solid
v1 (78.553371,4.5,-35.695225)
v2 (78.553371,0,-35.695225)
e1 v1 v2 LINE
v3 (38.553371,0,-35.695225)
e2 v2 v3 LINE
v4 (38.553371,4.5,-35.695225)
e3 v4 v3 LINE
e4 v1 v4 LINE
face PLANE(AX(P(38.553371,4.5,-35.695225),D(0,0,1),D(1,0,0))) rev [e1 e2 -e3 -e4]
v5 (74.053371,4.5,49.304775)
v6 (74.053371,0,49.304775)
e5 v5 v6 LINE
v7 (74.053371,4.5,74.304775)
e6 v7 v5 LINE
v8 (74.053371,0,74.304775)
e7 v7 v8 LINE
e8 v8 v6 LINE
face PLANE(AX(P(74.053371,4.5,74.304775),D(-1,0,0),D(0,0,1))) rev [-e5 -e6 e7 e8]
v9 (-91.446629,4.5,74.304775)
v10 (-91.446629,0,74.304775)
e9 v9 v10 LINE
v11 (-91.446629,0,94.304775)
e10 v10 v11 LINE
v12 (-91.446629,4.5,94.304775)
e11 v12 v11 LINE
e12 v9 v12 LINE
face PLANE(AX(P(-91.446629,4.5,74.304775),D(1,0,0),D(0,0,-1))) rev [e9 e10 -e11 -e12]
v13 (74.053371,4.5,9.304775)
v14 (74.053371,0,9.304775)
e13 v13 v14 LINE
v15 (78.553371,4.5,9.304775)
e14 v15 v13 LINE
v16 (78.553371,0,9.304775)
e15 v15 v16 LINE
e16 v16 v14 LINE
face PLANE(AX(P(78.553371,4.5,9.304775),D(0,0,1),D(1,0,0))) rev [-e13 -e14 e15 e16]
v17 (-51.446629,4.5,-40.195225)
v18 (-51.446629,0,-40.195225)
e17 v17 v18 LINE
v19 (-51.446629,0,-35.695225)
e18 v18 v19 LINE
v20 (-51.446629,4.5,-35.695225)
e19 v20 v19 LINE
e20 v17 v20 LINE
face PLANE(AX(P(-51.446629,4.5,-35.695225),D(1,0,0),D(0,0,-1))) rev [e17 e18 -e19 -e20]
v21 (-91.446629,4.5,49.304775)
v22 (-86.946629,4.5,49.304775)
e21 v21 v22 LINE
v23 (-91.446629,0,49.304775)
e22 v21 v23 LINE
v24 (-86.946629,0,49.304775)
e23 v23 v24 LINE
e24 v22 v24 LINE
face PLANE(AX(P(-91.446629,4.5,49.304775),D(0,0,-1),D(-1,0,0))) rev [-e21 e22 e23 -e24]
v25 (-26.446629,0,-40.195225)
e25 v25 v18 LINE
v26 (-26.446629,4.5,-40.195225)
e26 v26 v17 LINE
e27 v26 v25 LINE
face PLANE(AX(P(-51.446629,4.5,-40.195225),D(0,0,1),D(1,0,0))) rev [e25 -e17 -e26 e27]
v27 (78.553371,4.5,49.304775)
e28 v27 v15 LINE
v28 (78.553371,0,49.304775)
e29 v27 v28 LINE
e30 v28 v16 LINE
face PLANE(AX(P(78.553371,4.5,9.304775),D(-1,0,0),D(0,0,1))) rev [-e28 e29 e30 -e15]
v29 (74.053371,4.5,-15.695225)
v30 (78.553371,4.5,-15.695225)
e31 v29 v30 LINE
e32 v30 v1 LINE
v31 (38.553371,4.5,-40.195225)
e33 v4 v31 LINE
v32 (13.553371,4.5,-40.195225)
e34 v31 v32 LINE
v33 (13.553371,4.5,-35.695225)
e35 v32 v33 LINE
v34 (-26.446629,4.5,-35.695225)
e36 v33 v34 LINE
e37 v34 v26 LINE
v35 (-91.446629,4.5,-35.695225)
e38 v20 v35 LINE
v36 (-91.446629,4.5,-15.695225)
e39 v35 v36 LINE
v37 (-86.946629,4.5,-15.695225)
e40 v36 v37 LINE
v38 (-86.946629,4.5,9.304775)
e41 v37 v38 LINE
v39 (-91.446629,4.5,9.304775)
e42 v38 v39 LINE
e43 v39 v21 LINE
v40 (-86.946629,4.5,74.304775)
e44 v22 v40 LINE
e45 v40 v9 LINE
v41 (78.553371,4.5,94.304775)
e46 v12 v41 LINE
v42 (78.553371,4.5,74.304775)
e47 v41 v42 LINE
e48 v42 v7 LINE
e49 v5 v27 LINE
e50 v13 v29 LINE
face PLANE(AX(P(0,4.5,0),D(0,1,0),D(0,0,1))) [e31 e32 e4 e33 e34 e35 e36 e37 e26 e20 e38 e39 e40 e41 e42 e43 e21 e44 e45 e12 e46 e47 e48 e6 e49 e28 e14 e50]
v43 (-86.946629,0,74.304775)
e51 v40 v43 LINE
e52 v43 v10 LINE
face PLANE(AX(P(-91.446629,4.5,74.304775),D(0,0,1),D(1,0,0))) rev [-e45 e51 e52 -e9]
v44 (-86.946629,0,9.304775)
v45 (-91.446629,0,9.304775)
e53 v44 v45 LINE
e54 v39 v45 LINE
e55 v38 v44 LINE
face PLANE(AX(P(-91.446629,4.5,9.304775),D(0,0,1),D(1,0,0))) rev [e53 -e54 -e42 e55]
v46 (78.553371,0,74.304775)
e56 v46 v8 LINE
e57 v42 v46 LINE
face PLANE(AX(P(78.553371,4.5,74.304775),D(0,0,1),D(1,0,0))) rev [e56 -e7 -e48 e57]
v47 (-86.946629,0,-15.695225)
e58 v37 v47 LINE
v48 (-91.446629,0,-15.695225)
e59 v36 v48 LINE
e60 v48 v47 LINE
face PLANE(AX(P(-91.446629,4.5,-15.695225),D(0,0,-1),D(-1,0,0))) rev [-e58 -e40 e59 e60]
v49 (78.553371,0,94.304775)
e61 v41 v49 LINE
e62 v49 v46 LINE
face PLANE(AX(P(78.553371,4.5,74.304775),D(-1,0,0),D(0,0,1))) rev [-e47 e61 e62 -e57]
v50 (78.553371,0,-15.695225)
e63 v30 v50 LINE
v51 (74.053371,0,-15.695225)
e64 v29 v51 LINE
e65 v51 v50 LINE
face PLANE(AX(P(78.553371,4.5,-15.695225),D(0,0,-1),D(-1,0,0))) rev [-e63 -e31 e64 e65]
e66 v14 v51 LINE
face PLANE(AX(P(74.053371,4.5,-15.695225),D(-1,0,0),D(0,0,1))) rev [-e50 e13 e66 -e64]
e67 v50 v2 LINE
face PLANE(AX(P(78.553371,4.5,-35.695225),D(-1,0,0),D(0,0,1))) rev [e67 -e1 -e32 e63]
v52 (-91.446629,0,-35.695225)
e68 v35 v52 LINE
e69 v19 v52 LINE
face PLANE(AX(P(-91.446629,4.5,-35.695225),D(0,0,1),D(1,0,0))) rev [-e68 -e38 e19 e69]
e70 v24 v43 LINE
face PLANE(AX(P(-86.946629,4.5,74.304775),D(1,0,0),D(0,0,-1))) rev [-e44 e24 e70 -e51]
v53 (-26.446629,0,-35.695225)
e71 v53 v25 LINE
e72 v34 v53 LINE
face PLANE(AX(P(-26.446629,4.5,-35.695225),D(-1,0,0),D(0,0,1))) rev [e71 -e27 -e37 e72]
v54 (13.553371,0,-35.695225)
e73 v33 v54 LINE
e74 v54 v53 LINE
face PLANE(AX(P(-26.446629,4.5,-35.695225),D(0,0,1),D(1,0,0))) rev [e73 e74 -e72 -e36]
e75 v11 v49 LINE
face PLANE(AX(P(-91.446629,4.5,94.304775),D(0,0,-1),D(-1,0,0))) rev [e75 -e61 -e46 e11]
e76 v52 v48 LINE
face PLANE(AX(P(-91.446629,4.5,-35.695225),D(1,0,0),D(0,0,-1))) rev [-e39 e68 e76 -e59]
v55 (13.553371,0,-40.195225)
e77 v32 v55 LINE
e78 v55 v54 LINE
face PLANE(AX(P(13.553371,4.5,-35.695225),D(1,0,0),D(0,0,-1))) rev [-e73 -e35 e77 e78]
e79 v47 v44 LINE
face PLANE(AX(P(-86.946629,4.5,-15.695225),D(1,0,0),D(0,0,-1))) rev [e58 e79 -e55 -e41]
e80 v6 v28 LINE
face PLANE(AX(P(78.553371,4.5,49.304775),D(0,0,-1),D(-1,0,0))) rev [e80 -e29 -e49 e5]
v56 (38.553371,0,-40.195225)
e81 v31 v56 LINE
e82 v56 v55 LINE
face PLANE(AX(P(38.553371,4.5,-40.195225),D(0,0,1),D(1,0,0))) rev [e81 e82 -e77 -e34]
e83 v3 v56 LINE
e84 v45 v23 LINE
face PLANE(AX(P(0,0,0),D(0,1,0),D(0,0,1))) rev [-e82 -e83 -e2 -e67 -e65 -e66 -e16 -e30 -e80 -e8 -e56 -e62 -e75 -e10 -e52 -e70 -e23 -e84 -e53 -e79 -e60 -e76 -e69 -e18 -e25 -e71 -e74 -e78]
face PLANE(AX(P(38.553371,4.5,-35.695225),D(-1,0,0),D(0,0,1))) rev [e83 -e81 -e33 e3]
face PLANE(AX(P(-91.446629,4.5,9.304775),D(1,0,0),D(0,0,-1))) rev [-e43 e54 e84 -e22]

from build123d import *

# Parameters (mm, degrees)
BOSS_EXTRUDE1_DEPTH = 4.5


with BuildPart() as part:
    # Sketch1 → Boss-Extrude1 (new body)
    with BuildSketch(Plane(origin=(0, 0, 0), x_dir=(1, 0, 0), z_dir=(0, 1, 0))):
        Polygon((-91.446629213, 35.695224719), (-51.446629213, 35.695224719), (-51.446629213, 40.195224719), (-26.446629213, 40.195224719), (-26.446629213, 35.695224719), (13.553370787, 35.695224719), (13.553370787, 40.195224719), (38.553370787, 40.195224719), (38.553370787, 35.695224719), (78.553370787, 35.695224719), (78.553370787, 15.695224719), (74.053370787, 15.695224719), (74.053370787, -9.304775281), (78.553370787, -9.304775281), (78.553370787, -49.304775281), (74.053370787, -49.304775281), (74.053370787, -74.304775281), (78.553370787, -74.304775281), (78.553370787, -94.304775281), (-91.446629213, -94.304775281), (-91.446629213, -74.304775281), (-86.946629213, -74.304775281), (-86.946629213, -49.304775281), (-91.446629213, -49.304775281), (-91.446629213, -9.304775281), (-86.946629213, -9.304775281), (-86.946629213, 15.695224719), (-91.446629213, 15.695224719), align=None)
    extrude(amount=BOSS_EXTRUDE1_DEPTH)


solid = part.part
